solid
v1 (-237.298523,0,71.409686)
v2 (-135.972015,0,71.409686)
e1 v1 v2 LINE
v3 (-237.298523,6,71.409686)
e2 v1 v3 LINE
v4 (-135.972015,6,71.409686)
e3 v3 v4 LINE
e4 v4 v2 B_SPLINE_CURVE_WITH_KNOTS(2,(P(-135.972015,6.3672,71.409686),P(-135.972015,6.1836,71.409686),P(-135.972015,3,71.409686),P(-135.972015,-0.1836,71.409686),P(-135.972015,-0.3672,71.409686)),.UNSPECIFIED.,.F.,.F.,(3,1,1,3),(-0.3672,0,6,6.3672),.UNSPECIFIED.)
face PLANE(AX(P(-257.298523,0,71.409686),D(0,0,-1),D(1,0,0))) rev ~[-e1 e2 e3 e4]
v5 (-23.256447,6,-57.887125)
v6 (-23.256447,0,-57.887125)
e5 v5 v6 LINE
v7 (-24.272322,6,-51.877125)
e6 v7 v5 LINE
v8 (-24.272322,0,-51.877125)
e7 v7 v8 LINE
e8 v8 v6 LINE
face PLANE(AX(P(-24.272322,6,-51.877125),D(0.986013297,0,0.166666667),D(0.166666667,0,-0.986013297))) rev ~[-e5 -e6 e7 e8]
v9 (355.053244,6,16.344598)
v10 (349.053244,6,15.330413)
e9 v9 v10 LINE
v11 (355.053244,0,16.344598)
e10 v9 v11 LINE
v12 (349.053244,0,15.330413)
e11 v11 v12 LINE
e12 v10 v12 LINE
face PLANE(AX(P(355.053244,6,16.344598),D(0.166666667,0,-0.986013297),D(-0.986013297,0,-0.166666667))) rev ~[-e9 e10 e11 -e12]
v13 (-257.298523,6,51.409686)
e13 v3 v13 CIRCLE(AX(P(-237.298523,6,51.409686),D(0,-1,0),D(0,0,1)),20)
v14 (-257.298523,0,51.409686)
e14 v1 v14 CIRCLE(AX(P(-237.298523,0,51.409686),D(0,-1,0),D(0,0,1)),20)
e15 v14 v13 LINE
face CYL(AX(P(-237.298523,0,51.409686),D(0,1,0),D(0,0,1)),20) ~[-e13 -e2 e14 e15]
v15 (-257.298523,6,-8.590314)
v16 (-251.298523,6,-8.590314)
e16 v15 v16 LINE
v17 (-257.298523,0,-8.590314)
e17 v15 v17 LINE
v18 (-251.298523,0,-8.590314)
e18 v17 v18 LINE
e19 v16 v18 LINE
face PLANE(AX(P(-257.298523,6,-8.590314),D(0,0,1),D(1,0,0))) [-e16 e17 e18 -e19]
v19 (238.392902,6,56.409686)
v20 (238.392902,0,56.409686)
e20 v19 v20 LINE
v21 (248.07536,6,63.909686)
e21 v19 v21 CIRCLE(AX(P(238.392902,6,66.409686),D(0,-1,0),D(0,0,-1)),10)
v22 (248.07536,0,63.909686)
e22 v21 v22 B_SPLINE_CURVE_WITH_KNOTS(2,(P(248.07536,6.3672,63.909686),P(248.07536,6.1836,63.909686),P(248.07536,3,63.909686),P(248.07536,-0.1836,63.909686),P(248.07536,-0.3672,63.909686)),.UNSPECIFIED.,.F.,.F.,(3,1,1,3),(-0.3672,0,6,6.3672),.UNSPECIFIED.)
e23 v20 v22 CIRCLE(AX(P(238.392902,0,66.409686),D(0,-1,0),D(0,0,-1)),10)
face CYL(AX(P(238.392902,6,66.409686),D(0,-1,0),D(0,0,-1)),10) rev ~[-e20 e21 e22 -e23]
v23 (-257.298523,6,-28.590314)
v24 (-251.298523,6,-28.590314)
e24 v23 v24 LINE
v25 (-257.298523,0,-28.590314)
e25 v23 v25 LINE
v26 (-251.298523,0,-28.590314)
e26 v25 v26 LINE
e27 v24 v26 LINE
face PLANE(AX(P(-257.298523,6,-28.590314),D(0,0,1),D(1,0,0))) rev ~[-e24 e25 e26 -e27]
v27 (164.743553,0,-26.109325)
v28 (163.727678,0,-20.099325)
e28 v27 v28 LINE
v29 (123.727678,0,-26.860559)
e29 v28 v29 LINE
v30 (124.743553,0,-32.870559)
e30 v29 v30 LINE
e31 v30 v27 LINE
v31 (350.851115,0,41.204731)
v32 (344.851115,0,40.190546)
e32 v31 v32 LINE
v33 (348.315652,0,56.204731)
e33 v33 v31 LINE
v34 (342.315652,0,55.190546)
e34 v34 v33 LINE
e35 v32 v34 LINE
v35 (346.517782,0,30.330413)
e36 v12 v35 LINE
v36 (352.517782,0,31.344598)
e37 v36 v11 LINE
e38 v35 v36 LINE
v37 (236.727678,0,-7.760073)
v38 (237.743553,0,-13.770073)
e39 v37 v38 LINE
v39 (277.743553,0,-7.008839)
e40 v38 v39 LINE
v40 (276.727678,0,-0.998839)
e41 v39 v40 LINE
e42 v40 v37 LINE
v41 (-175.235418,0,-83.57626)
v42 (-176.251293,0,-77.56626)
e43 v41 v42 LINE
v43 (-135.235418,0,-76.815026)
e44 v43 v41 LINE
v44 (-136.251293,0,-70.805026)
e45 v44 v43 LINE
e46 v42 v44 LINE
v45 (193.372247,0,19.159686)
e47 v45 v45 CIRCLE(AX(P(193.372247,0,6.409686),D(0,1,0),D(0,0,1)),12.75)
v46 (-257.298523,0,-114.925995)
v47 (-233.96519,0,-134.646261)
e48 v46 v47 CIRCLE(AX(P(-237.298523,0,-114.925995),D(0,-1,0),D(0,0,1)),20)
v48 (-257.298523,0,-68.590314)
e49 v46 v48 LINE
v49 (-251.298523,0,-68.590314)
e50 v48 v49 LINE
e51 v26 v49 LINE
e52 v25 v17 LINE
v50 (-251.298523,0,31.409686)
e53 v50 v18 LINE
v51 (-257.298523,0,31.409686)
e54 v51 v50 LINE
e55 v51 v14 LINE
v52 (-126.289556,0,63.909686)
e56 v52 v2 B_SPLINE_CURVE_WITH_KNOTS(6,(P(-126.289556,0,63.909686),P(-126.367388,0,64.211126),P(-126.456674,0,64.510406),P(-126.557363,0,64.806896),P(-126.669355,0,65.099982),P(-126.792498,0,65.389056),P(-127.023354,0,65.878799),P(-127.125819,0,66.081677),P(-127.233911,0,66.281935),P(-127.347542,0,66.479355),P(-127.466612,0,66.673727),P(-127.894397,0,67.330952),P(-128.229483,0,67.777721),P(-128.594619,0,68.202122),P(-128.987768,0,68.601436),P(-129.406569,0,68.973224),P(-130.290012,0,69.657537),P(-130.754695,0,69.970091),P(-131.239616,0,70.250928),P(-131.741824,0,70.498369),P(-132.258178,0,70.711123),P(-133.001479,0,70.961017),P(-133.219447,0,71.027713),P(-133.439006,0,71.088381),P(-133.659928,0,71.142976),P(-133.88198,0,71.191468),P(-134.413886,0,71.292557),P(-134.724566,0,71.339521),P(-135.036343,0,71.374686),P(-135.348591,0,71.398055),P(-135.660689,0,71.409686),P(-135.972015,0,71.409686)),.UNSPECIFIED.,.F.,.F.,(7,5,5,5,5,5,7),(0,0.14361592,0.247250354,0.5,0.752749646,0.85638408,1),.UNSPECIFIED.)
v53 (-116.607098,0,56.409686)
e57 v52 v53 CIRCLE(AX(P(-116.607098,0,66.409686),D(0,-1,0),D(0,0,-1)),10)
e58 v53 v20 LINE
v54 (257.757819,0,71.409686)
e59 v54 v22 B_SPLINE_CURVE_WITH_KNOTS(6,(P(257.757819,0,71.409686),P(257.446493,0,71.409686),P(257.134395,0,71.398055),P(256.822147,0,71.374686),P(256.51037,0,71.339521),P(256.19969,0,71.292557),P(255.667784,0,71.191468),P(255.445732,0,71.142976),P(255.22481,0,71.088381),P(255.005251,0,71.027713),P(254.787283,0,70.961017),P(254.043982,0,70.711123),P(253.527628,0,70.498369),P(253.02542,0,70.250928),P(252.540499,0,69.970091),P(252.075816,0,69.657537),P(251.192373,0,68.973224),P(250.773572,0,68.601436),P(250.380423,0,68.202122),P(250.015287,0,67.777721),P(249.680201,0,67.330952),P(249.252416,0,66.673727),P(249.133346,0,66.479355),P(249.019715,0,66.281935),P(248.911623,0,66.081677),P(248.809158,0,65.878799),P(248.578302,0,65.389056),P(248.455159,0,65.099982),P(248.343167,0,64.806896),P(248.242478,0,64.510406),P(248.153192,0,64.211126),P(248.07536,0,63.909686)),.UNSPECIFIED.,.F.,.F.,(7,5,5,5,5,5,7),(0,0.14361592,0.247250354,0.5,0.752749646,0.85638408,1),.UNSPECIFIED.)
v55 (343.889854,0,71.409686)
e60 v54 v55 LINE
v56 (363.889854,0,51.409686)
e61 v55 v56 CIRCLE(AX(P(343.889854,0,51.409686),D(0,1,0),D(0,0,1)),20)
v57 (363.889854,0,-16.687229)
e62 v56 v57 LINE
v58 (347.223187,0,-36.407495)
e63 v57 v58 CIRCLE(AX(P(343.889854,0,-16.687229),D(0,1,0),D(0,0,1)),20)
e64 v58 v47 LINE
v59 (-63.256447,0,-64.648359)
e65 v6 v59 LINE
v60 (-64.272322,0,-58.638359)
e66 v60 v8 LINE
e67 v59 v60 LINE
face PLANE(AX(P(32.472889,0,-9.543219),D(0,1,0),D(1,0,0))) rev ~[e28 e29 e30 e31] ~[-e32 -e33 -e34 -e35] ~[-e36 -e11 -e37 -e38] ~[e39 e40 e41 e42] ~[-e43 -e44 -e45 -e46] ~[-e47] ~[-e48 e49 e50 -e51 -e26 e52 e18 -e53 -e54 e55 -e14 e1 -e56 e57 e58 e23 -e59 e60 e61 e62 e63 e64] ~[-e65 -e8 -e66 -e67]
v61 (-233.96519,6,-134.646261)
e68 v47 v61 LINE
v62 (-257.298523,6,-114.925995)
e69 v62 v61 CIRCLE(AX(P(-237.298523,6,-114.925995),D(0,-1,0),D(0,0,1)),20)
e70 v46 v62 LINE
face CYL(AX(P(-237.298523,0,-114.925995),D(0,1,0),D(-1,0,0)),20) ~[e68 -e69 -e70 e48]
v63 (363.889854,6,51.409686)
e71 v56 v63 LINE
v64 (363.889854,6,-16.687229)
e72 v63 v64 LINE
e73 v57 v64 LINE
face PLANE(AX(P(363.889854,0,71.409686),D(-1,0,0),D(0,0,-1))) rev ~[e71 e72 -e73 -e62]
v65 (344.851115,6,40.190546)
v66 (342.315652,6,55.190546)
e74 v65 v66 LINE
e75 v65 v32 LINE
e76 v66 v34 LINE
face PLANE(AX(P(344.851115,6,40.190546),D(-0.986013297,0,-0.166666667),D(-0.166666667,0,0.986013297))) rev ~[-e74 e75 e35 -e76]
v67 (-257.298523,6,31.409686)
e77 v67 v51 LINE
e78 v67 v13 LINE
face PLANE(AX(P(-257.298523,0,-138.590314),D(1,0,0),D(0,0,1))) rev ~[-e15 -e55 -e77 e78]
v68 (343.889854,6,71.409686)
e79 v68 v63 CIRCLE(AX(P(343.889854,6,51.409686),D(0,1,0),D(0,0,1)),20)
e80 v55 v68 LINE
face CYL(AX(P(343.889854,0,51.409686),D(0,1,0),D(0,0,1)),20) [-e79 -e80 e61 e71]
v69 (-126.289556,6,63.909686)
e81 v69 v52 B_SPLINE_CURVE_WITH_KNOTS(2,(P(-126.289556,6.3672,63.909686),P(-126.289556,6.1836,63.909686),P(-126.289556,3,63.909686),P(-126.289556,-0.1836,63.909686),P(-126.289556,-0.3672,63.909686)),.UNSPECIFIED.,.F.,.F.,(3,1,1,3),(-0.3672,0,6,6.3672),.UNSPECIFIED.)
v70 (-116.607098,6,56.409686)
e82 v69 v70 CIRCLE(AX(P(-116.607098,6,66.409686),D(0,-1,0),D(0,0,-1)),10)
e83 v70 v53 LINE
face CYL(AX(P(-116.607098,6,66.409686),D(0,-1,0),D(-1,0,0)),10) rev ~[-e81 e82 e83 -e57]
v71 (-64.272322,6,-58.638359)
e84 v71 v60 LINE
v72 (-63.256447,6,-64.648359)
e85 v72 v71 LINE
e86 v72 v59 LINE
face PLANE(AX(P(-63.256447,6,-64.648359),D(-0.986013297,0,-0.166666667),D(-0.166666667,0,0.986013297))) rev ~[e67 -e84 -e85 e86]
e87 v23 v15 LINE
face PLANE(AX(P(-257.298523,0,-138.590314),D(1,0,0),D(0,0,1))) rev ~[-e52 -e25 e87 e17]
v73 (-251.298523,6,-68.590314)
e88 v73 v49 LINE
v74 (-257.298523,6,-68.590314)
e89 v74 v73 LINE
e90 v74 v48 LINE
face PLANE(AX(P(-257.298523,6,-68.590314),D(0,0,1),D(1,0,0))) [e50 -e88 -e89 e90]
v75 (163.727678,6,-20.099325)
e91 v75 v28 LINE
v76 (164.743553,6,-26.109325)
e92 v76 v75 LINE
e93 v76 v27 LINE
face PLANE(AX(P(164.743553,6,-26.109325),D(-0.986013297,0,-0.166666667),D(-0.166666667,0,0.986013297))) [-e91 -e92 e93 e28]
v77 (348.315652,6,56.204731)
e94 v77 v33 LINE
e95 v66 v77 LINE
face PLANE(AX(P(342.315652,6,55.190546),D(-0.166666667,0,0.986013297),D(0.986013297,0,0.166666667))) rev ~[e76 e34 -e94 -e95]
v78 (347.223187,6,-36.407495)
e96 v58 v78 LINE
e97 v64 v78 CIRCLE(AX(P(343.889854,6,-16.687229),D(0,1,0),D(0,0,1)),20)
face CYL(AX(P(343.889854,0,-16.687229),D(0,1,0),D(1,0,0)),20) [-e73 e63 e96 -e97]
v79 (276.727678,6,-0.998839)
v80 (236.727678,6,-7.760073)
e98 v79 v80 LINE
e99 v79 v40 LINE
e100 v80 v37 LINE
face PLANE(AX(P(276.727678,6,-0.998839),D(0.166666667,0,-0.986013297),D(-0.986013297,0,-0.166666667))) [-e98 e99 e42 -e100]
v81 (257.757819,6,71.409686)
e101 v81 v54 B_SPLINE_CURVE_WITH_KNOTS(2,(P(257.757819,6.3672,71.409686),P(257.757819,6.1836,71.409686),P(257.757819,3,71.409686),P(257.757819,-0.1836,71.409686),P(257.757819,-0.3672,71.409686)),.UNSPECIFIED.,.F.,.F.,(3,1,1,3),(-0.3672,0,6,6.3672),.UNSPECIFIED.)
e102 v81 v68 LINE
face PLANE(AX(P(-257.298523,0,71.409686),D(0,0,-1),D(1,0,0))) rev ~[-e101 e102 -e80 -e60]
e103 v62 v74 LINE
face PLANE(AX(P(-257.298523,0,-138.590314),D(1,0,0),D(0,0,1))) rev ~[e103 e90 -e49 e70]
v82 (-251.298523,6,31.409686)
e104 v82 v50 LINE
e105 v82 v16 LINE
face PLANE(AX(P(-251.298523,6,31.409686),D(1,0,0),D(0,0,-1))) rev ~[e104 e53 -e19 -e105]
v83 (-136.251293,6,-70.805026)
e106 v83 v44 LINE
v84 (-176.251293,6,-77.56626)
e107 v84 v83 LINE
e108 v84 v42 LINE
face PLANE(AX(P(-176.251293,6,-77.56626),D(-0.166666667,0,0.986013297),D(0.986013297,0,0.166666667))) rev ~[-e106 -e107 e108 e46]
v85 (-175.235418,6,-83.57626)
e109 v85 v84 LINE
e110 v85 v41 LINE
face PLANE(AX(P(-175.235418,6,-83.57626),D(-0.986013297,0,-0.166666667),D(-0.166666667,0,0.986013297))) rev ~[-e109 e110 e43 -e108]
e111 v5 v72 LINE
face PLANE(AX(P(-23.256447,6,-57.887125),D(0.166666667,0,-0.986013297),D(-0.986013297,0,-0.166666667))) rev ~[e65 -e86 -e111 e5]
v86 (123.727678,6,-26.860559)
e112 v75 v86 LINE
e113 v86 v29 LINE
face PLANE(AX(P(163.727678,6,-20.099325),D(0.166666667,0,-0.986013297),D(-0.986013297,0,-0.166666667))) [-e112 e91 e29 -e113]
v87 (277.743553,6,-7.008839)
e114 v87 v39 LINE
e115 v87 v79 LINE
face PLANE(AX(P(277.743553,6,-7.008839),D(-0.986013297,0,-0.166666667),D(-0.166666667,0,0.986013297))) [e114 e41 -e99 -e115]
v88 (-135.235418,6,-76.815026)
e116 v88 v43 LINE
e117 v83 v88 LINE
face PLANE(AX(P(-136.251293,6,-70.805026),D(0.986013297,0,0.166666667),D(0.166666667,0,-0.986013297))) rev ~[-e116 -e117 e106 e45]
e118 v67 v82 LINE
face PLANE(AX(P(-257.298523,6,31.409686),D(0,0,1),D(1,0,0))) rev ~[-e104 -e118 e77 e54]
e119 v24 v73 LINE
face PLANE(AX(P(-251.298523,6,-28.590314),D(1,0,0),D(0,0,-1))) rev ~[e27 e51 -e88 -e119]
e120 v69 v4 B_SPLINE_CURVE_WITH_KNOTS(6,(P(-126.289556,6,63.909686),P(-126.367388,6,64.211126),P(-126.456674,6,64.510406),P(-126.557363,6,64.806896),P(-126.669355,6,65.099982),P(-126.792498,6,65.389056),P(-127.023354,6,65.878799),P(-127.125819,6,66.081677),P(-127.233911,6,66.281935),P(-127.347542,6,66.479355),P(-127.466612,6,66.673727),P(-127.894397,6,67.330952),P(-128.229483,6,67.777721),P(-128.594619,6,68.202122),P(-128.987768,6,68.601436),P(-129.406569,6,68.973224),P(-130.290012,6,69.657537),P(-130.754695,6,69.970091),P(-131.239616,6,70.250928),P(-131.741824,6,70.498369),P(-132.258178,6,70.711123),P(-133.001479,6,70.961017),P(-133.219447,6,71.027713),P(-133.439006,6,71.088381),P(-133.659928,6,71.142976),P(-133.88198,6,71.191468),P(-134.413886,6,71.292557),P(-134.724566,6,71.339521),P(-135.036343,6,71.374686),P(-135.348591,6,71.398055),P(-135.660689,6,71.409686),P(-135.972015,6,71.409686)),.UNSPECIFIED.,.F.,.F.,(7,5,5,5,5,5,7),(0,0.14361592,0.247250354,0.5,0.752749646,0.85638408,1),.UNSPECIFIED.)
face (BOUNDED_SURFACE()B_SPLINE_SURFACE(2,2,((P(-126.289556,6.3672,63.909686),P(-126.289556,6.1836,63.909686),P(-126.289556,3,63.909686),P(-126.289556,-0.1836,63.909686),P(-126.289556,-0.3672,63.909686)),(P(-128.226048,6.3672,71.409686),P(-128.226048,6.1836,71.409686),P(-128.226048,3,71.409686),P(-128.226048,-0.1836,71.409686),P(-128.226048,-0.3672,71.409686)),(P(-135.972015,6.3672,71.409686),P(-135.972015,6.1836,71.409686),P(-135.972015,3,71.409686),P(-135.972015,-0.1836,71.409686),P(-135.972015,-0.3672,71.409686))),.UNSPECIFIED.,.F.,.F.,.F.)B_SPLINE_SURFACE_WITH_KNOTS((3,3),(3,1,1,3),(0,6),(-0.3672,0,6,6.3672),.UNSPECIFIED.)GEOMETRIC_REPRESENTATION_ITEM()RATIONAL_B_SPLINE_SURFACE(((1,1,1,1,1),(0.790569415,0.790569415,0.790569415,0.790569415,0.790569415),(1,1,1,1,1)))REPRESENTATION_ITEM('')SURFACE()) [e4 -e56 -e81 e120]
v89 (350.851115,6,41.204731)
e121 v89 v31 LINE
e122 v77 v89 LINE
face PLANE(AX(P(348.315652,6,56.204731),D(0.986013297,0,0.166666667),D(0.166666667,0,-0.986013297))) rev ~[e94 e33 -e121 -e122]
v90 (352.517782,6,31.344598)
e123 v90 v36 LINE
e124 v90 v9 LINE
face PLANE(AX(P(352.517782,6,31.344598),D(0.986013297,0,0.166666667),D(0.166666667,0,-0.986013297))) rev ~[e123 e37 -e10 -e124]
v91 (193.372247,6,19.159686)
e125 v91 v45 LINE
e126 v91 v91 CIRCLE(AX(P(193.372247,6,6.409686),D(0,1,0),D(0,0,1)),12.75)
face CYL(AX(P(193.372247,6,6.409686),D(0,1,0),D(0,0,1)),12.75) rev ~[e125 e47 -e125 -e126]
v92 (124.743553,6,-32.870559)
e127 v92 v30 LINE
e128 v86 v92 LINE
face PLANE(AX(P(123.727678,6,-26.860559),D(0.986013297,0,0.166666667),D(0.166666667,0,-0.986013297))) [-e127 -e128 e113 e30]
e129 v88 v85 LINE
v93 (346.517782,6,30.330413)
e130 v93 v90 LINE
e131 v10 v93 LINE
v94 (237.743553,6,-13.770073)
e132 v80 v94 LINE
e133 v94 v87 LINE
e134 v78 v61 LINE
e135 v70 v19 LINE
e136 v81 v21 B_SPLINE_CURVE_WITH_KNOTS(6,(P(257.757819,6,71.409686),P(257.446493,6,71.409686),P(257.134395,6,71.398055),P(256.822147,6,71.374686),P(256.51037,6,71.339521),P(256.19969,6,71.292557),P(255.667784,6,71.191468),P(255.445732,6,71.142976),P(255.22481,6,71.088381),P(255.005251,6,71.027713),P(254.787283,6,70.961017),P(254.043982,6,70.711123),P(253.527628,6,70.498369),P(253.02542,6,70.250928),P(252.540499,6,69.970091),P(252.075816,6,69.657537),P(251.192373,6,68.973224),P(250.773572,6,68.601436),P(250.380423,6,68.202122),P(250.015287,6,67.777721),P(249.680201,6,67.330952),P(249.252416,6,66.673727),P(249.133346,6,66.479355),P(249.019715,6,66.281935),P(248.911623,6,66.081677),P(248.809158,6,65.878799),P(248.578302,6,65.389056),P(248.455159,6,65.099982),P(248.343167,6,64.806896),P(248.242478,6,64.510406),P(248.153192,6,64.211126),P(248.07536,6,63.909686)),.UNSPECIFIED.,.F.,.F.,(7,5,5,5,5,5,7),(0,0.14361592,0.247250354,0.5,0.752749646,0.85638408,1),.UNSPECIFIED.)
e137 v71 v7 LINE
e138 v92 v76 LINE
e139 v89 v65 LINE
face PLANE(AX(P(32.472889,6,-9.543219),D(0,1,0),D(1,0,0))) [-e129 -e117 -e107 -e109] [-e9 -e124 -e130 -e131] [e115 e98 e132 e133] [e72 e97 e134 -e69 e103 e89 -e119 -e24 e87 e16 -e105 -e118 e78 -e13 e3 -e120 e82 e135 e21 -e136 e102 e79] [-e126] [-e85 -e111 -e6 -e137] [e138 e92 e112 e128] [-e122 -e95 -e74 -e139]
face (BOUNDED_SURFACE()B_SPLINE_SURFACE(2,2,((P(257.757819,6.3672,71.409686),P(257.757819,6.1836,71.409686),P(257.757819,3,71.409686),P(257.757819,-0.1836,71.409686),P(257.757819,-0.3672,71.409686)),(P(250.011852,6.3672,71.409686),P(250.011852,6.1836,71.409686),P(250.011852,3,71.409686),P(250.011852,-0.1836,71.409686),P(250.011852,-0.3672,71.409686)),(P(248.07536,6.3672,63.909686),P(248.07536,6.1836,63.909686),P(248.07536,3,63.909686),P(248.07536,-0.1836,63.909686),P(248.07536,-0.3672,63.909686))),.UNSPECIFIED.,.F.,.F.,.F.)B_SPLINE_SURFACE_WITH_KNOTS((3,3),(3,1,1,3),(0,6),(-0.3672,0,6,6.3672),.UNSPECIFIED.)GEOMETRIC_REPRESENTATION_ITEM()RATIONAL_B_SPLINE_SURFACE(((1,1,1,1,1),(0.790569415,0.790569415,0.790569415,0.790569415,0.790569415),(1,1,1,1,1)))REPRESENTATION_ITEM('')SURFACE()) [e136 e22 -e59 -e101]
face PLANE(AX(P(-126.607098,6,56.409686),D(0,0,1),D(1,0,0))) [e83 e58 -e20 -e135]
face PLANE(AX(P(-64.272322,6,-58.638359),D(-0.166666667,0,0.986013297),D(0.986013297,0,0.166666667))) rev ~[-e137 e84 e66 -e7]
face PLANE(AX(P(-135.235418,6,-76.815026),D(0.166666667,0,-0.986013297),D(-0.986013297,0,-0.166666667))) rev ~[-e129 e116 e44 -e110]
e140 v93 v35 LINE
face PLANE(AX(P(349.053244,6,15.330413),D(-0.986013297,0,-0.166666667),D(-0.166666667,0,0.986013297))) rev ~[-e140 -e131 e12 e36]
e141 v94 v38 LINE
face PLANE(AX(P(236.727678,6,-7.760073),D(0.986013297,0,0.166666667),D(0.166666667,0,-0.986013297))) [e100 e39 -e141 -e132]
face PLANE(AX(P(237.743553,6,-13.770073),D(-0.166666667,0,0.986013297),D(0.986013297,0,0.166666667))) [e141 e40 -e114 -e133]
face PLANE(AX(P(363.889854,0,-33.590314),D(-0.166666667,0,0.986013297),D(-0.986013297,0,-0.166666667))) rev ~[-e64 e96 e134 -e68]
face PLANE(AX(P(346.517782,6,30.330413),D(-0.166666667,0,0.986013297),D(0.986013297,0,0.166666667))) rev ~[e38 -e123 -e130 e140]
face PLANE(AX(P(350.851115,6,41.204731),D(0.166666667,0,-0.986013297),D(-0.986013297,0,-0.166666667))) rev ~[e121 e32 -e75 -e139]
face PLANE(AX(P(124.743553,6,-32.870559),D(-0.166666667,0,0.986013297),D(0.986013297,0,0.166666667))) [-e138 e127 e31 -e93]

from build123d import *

# Parameters (mm, degrees)
BOSS_EXTRUDE1_DEPTH = 6
CUT_EXTRUDE1_DEPTH  = 6
SKETCH6_W           = 375
SKETCH6_H           = 15
CUT_EXTRUDE2_DEPTH  = 6
FILLET1_R           = 10
FILLET2_R           = 10
FILLET4_R           = 20
FILLET5_R           = 10
SKETCH7_R           = 12.75
CUT_EXTRUDE3_DEPTH  = 10
SKETCH9_W           = 6
SKETCH9_H           = 40
CUT_EXTRUDE4_DEPTH  = 10


with BuildPart() as part:
    # Sketch3 → Boss-Extrude1 (new body)
    with BuildSketch(Plane(origin=(0, 0, 0), x_dir=(1, 0, 0), z_dir=(0, 1, 0))):
        Polygon((-257.298523245, 138.590313781), (-257.298523245, -71.409686219), (363.88985398, -71.409686219), (363.88985398, 33.590313781), align=None)
    extrude(amount=BOSS_EXTRUDE1_DEPTH)

    # Sketch4 → Cut-Extrude1 (cut)
    with BuildSketch(Plane(origin=(0, 6, 0), x_dir=(1, 0, 0), z_dir=(0, 1, 0))):
        Polygon((-135.235417729, 76.815026044), (-175.235417729, 83.576260082), (-176.251293143, 77.566260082), (-136.251293143, 70.805026044), align=None)
        Polygon((-63.256447035, 64.648359377), (-64.272322449, 58.638359377), (-24.272322449, 51.877125339), (-23.256447035, 57.887125339), align=None)
        Polygon((124.743552965, 32.870559399), (164.743552965, 26.109325362), (163.727677551, 20.099325362), (123.727677551, 26.860559399), align=None)
        Polygon((237.743552965, 13.770073242), (277.743552965, 7.008839205), (276.727677551, 0.998839205), (236.727677551, 7.760073242), align=None)
        Polygon((349.053244456, -15.330412914), (346.517781692, -30.330412914), (352.517781692, -31.34459802), (355.053244456, -16.34459802), align=None)
        Polygon((344.851115025, -40.190545886), (342.315652261, -55.190545886), (348.315652261, -56.204730992), (350.851115025, -41.204730992), align=None)
    extrude(amount=-CUT_EXTRUDE1_DEPTH, mode=Mode.SUBTRACT)

    # Sketch6 → Cut-Extrude2 (cut)
    with BuildSketch(Plane(origin=(0, 6, 0), x_dir=(1, 0, 0), z_dir=(0, 1, 0))):
        with Locations((60.89290198, -63.909686219)):
            Rectangle(SKETCH6_W, SKETCH6_H)
    extrude(amount=-CUT_EXTRUDE2_DEPTH, mode=Mode.SUBTRACT)

    # Fillet1
    fillet1_edges = [part.edges().sort_by_distance(p)[0] for p in [
        (-126.60709802, 3, 56.409686219),
    ]]
    fillet(fillet1_edges, radius=FILLET1_R)

    # Fillet2
    fillet2_edges = [part.edges().sort_by_distance(p)[0] for p in [
        (248.39290198, 3, 56.409686219),
    ]]
    fillet(fillet2_edges, radius=FILLET2_R)

    # Fillet4
    fillet4_edges = [part.edges().sort_by_distance(p)[0] for p in [
        (363.88985398, 3, -33.590313781),
        (363.88985398, 3, 71.409686219),
        (-257.298523245, 3, 71.409686219),
        (-257.298523245, 3, -138.590313781),
    ]]
    fillet(fillet4_edges, radius=FILLET4_R)

    # Fillet5
    fillet5_edges = [part.edges().sort_by_distance(p)[0] for p in [
        (248.39290198, 3, 71.409686219),
        (-126.60709802, 3, 71.409686219),
    ]]
    fillet(fillet5_edges, radius=FILLET5_R)

    # Sketch7 → Cut-Extrude3 (cut)
    with BuildSketch(Plane(origin=(0, 6, 0), x_dir=(1, 0, 0), z_dir=(0, 1, 0))):
        with Locations(Location((193.372247473, -6.409686219, 0), (0, 0, 270))):
            Circle(SKETCH7_R)
    extrude(amount=-CUT_EXTRUDE3_DEPTH, mode=Mode.SUBTRACT)

    # Sketch9 → Cut-Extrude4 (cut)
    with BuildSketch(Plane(origin=(0, 6, 0), x_dir=(1, 0, 0), z_dir=(0, 1, 0))):
        with Locations((-254.298523245, 48.590313781)):
            Rectangle(SKETCH9_W, SKETCH9_H)
        with Locations((-254.298523245, -11.409686219)):
            Rectangle(SKETCH9_W, SKETCH9_H)
    extrude(amount=-CUT_EXTRUDE4_DEPTH, mode=Mode.SUBTRACT)


solid = part.part
